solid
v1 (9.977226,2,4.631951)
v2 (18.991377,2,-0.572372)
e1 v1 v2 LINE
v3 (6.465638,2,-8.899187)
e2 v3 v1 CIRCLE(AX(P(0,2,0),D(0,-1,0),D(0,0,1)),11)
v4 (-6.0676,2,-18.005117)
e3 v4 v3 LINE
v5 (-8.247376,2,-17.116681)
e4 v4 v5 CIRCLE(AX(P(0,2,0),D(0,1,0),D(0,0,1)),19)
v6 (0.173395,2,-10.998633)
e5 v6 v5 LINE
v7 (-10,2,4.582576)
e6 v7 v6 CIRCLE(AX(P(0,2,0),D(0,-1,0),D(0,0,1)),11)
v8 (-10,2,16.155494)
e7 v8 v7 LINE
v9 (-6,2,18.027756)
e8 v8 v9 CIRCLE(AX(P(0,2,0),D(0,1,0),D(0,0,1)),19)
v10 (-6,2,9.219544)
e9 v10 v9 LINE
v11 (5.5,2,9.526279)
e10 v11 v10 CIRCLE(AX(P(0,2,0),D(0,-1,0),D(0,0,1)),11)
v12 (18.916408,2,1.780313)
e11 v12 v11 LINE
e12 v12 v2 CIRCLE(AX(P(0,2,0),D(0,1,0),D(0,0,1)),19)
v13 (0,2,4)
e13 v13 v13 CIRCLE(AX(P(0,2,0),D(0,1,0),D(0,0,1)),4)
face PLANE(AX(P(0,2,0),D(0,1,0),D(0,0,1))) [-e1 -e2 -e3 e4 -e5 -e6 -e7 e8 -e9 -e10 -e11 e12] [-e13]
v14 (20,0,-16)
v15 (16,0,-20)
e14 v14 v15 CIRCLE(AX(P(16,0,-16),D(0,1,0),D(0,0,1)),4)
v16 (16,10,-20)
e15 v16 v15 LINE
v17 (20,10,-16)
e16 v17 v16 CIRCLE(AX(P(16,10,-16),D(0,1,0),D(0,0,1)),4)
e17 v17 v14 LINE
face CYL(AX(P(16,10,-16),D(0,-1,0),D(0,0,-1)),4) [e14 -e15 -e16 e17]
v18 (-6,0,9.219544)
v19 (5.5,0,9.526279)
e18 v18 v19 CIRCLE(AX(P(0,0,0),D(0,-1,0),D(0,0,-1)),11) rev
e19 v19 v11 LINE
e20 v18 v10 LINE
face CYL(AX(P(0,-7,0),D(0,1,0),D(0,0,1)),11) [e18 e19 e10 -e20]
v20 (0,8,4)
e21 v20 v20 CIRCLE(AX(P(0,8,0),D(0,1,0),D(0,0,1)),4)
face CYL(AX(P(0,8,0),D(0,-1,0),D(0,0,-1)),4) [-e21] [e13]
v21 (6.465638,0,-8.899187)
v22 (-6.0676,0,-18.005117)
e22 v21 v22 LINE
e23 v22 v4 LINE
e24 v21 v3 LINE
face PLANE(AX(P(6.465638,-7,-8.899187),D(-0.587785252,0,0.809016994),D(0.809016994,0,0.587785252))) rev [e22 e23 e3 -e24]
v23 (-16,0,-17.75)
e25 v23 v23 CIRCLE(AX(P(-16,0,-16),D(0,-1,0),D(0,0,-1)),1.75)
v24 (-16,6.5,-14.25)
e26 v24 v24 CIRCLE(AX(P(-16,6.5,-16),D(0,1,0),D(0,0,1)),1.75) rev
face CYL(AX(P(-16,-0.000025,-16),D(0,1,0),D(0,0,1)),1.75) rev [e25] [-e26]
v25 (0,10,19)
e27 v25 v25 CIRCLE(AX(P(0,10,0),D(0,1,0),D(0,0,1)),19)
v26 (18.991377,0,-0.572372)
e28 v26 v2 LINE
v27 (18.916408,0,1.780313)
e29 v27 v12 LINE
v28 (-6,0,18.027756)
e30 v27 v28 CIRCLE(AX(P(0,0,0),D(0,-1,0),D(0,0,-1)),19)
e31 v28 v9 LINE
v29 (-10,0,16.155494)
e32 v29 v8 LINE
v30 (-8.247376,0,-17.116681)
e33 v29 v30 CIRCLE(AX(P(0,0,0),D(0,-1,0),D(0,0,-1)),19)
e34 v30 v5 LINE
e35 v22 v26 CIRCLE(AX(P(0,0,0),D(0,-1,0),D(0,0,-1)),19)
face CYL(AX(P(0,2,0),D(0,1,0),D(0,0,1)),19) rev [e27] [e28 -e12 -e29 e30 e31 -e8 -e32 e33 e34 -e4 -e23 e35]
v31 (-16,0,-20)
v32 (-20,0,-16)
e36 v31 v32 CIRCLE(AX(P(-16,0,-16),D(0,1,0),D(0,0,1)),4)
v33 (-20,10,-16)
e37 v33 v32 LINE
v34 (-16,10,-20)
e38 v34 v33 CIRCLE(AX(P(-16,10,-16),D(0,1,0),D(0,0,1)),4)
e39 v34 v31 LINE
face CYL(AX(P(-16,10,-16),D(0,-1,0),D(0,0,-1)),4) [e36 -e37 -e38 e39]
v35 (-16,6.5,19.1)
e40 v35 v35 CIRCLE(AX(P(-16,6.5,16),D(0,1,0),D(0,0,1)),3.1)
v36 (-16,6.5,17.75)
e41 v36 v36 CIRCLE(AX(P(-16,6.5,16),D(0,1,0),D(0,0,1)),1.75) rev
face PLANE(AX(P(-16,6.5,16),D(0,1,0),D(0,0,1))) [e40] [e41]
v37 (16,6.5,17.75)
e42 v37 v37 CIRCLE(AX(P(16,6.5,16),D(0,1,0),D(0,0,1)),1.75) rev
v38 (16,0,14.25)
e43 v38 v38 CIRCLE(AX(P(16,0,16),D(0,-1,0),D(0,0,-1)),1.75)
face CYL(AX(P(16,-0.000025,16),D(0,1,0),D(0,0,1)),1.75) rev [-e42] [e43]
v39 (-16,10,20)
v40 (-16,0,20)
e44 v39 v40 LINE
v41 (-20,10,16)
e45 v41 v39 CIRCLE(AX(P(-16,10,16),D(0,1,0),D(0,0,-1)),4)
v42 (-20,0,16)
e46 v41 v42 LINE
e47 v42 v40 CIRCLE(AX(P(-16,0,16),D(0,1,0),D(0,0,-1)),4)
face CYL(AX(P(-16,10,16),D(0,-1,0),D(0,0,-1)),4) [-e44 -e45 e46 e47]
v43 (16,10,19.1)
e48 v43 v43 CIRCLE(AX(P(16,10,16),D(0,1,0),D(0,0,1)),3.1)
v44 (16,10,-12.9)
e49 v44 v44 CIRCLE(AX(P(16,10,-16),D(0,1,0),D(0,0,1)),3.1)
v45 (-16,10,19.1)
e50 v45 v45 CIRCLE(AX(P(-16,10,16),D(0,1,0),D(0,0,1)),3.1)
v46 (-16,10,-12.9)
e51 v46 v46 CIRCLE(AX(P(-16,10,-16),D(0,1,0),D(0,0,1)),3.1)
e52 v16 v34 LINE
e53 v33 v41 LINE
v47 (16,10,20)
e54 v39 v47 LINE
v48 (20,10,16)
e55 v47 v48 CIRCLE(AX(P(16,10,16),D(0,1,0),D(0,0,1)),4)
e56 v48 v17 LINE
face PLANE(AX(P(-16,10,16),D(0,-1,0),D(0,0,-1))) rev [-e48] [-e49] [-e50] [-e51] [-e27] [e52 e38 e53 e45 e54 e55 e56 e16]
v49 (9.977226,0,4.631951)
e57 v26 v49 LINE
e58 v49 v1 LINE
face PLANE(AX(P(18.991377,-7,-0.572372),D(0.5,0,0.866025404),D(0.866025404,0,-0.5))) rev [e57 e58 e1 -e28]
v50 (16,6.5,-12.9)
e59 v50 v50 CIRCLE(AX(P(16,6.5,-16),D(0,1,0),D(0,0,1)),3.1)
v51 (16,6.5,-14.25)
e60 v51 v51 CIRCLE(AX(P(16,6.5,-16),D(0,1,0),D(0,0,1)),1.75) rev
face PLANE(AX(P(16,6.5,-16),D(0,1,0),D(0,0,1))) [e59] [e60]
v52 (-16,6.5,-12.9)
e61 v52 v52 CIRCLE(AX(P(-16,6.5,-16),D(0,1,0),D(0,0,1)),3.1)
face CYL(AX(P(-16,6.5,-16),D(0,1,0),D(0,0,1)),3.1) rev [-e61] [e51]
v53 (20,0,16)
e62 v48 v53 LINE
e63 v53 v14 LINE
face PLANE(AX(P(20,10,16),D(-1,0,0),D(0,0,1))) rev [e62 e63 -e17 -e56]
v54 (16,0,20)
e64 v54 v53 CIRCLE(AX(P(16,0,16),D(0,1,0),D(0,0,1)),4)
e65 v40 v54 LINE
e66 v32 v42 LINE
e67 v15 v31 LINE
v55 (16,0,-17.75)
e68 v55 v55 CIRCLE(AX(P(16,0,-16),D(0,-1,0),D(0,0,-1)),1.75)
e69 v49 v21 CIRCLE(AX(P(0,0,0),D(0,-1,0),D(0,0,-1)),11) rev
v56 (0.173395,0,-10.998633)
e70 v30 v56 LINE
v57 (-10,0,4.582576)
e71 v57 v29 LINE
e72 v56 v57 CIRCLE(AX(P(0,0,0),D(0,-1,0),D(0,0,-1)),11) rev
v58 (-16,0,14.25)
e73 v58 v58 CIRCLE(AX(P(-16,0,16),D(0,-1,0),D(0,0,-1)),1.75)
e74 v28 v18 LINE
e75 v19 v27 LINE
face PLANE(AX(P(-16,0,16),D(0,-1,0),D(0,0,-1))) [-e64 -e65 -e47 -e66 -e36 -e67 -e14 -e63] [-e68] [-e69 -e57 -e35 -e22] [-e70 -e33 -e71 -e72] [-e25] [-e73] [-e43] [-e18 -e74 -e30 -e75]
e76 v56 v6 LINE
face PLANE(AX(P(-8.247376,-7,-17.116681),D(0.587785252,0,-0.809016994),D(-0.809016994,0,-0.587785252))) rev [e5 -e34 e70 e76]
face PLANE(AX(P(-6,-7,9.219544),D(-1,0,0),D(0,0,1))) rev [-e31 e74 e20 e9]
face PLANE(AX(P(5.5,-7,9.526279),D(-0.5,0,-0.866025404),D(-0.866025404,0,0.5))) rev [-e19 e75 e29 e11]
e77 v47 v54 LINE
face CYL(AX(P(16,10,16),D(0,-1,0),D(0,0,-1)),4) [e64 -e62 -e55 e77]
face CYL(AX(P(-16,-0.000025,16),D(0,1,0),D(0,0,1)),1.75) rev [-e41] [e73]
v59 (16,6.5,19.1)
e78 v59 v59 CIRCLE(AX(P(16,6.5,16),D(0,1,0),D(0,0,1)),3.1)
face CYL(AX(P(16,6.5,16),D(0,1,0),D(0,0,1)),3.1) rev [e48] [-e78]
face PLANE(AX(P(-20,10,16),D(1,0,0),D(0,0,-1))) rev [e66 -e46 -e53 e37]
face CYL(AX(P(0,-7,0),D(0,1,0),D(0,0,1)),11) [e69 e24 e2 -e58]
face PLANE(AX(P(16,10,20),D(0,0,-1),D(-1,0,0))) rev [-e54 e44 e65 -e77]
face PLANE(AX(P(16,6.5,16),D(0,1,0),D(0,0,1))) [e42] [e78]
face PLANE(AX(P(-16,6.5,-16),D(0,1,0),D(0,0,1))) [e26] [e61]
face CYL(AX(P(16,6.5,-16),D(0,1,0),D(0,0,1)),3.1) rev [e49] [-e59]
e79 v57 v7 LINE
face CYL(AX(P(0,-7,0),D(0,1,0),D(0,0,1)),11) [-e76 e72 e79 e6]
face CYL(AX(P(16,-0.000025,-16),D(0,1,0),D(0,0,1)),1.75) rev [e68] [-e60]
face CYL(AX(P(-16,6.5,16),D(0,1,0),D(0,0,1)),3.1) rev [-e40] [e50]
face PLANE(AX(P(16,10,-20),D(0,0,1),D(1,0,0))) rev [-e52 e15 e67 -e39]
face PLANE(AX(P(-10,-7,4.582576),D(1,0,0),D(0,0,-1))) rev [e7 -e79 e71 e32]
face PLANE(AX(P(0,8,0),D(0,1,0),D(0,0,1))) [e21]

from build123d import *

# Parameters (mm, degrees)
EXTRUDE_1_DEPTH     = 10
SKETCH_2_R          = 19
CUT_EXTRUDE_1_DEPTH = 8
CUT_EXTRUDE_2_DEPTH = 9
SKETCH_4_R          = 1.75
CUT_EXTRUDE_3_DEPTH = 31
SKETCH_5_R          = 3.1
CUT_EXTRUDE_4_DEPTH = 3.5
SKETCH_6_R          = 4
EXTRUDE_2_DEPTH     = 6


with BuildPart() as part:
    # Эскиз1 → Бобышка-Вытянуть1 (new body)
    with BuildSketch(Plane(origin=(0, 0, 0), x_dir=(1, 0, 0), z_dir=(0, 1, 0))):
        with BuildLine():
            Line((16, -20), (-16, -20))
            ThreePointArc((-16, -20), (-18.828427125, -18.828427125), (-20, -16))
            Line((-20, -16), (-20, 16))
            ThreePointArc((-20, 16), (-18.828427125, 18.828427125), (-16, 20))
            Line((-16, 20), (16, 20))
            ThreePointArc((16, 20), (18.828427125, 18.828427125), (20, 16))
            Line((20, 16), (20, -16))
            ThreePointArc((20, -16), (18.828427125, -18.828427125), (16, -20))
        make_face()
    extrude(amount=EXTRUDE_1_DEPTH)

    # Эскиз2 → Вырез-Вытянуть1 (cut)
    with BuildSketch(Plane(origin=(0, 10, 0), x_dir=(1, 0, 0), z_dir=(0, 1, 0))):
        with Locations(Location((0, 0, 0), (0, 0, 270))):
            Circle(SKETCH_2_R)
    extrude(amount=-CUT_EXTRUDE_1_DEPTH, mode=Mode.SUBTRACT)

    # Эскиз3 → Вырез-Вытянуть2 (cut)
    with BuildSketch(Plane(origin=(0, 2, 0), x_dir=(1, 0, 0), z_dir=(0, 1, 0))):
        with BuildLine():
            Line((-10, -4.582575695), (-10, -16.155494421))
            ThreePointArc((-10, -16.155494421), (-18.973695145, 0.999446125), (-8.247376329, 17.116681445))
            Line((-8.247376329, 17.116681445), (0.173394535, 10.998633294))
            ThreePointArc((0.173394535, 10.998633294), (-9.210540816, 6.013812257), (-10, -4.582575695))
        make_face()
        with BuildLine():
            Line((-6, -9.219544457), (-6, -18.027756377))
            ThreePointArc((-6, -18.027756377), (10.378017833, -15.915299113), (18.916407865, -1.780312749))
            Line((18.916407865, -1.780312749), (5.5, -9.526279442))
            ThreePointArc((5.5, -9.526279442), (-0.29329437, -10.996089233), (-6, -9.219544457))
        make_face()
        with BuildLine():
            Line((6.465637775, 8.899186938), (-6.067599609, 18.005116911))
            ThreePointArc((-6.067599609, 18.005116911), (10.850398881, 15.597078064), (18.991376746, 0.572371631))
            Line((18.991376746, 0.572371631), (9.977225575, -4.631950974))
            ThreePointArc((9.977225575, -4.631950974), (10.647293651, 2.763175331), (6.465637775, 8.899186938))
        make_face()
    extrude(amount=-CUT_EXTRUDE_2_DEPTH, mode=Mode.SUBTRACT)

    # Эскиз4 → Вырез-Вытянуть3 (cut, through all)
    with BuildSketch(Plane(origin=(0, 10, 0), x_dir=(1, 0, 0), z_dir=(0, 1, 0))):
        with Locations(Location((-16, 16, 0), (0, 0, 270))):
            Circle(SKETCH_4_R)
        with Locations(Location((16, 16, 0), (0, 0, 270))):
            Circle(SKETCH_4_R)
        with Locations(Location((-16, -16, 0), (0, 0, 270))):
            Circle(SKETCH_4_R)
        with Locations(Location((16, -16, 0), (0, 0, 270))):
            Circle(SKETCH_4_R)
    extrude(amount=-CUT_EXTRUDE_3_DEPTH, mode=Mode.SUBTRACT)

    # Эскиз5 → Вырез-Вытянуть4 (cut)
    with BuildSketch(Plane(origin=(0, 10, 0), x_dir=(1, 0, 0), z_dir=(0, 1, 0))):
        with Locations(Location((-16, 16, 0), (0, 0, 270))):
            Circle(SKETCH_5_R)
        with Locations(Location((16, 16, 0), (0, 0, 270))):
            Circle(SKETCH_5_R)
        with Locations(Location((16, -16, 0), (0, 0, 270))):
            Circle(SKETCH_5_R)
        with Locations(Location((-16, -16, 0), (0, 0, 270))):
            Circle(SKETCH_5_R)
    extrude(amount=-CUT_EXTRUDE_4_DEPTH, mode=Mode.SUBTRACT)

    # Эскиз6 → Бобышка-Вытянуть2 (add)
    with BuildSketch(Plane(origin=(0, 2, 0), x_dir=(1, 0, 0), z_dir=(0, 1, 0))):
        with Locations(Location((0, 0, 0), (0, 0, 270))):
            Circle(SKETCH_6_R)
    extrude(amount=EXTRUDE_2_DEPTH)


solid = part.part
